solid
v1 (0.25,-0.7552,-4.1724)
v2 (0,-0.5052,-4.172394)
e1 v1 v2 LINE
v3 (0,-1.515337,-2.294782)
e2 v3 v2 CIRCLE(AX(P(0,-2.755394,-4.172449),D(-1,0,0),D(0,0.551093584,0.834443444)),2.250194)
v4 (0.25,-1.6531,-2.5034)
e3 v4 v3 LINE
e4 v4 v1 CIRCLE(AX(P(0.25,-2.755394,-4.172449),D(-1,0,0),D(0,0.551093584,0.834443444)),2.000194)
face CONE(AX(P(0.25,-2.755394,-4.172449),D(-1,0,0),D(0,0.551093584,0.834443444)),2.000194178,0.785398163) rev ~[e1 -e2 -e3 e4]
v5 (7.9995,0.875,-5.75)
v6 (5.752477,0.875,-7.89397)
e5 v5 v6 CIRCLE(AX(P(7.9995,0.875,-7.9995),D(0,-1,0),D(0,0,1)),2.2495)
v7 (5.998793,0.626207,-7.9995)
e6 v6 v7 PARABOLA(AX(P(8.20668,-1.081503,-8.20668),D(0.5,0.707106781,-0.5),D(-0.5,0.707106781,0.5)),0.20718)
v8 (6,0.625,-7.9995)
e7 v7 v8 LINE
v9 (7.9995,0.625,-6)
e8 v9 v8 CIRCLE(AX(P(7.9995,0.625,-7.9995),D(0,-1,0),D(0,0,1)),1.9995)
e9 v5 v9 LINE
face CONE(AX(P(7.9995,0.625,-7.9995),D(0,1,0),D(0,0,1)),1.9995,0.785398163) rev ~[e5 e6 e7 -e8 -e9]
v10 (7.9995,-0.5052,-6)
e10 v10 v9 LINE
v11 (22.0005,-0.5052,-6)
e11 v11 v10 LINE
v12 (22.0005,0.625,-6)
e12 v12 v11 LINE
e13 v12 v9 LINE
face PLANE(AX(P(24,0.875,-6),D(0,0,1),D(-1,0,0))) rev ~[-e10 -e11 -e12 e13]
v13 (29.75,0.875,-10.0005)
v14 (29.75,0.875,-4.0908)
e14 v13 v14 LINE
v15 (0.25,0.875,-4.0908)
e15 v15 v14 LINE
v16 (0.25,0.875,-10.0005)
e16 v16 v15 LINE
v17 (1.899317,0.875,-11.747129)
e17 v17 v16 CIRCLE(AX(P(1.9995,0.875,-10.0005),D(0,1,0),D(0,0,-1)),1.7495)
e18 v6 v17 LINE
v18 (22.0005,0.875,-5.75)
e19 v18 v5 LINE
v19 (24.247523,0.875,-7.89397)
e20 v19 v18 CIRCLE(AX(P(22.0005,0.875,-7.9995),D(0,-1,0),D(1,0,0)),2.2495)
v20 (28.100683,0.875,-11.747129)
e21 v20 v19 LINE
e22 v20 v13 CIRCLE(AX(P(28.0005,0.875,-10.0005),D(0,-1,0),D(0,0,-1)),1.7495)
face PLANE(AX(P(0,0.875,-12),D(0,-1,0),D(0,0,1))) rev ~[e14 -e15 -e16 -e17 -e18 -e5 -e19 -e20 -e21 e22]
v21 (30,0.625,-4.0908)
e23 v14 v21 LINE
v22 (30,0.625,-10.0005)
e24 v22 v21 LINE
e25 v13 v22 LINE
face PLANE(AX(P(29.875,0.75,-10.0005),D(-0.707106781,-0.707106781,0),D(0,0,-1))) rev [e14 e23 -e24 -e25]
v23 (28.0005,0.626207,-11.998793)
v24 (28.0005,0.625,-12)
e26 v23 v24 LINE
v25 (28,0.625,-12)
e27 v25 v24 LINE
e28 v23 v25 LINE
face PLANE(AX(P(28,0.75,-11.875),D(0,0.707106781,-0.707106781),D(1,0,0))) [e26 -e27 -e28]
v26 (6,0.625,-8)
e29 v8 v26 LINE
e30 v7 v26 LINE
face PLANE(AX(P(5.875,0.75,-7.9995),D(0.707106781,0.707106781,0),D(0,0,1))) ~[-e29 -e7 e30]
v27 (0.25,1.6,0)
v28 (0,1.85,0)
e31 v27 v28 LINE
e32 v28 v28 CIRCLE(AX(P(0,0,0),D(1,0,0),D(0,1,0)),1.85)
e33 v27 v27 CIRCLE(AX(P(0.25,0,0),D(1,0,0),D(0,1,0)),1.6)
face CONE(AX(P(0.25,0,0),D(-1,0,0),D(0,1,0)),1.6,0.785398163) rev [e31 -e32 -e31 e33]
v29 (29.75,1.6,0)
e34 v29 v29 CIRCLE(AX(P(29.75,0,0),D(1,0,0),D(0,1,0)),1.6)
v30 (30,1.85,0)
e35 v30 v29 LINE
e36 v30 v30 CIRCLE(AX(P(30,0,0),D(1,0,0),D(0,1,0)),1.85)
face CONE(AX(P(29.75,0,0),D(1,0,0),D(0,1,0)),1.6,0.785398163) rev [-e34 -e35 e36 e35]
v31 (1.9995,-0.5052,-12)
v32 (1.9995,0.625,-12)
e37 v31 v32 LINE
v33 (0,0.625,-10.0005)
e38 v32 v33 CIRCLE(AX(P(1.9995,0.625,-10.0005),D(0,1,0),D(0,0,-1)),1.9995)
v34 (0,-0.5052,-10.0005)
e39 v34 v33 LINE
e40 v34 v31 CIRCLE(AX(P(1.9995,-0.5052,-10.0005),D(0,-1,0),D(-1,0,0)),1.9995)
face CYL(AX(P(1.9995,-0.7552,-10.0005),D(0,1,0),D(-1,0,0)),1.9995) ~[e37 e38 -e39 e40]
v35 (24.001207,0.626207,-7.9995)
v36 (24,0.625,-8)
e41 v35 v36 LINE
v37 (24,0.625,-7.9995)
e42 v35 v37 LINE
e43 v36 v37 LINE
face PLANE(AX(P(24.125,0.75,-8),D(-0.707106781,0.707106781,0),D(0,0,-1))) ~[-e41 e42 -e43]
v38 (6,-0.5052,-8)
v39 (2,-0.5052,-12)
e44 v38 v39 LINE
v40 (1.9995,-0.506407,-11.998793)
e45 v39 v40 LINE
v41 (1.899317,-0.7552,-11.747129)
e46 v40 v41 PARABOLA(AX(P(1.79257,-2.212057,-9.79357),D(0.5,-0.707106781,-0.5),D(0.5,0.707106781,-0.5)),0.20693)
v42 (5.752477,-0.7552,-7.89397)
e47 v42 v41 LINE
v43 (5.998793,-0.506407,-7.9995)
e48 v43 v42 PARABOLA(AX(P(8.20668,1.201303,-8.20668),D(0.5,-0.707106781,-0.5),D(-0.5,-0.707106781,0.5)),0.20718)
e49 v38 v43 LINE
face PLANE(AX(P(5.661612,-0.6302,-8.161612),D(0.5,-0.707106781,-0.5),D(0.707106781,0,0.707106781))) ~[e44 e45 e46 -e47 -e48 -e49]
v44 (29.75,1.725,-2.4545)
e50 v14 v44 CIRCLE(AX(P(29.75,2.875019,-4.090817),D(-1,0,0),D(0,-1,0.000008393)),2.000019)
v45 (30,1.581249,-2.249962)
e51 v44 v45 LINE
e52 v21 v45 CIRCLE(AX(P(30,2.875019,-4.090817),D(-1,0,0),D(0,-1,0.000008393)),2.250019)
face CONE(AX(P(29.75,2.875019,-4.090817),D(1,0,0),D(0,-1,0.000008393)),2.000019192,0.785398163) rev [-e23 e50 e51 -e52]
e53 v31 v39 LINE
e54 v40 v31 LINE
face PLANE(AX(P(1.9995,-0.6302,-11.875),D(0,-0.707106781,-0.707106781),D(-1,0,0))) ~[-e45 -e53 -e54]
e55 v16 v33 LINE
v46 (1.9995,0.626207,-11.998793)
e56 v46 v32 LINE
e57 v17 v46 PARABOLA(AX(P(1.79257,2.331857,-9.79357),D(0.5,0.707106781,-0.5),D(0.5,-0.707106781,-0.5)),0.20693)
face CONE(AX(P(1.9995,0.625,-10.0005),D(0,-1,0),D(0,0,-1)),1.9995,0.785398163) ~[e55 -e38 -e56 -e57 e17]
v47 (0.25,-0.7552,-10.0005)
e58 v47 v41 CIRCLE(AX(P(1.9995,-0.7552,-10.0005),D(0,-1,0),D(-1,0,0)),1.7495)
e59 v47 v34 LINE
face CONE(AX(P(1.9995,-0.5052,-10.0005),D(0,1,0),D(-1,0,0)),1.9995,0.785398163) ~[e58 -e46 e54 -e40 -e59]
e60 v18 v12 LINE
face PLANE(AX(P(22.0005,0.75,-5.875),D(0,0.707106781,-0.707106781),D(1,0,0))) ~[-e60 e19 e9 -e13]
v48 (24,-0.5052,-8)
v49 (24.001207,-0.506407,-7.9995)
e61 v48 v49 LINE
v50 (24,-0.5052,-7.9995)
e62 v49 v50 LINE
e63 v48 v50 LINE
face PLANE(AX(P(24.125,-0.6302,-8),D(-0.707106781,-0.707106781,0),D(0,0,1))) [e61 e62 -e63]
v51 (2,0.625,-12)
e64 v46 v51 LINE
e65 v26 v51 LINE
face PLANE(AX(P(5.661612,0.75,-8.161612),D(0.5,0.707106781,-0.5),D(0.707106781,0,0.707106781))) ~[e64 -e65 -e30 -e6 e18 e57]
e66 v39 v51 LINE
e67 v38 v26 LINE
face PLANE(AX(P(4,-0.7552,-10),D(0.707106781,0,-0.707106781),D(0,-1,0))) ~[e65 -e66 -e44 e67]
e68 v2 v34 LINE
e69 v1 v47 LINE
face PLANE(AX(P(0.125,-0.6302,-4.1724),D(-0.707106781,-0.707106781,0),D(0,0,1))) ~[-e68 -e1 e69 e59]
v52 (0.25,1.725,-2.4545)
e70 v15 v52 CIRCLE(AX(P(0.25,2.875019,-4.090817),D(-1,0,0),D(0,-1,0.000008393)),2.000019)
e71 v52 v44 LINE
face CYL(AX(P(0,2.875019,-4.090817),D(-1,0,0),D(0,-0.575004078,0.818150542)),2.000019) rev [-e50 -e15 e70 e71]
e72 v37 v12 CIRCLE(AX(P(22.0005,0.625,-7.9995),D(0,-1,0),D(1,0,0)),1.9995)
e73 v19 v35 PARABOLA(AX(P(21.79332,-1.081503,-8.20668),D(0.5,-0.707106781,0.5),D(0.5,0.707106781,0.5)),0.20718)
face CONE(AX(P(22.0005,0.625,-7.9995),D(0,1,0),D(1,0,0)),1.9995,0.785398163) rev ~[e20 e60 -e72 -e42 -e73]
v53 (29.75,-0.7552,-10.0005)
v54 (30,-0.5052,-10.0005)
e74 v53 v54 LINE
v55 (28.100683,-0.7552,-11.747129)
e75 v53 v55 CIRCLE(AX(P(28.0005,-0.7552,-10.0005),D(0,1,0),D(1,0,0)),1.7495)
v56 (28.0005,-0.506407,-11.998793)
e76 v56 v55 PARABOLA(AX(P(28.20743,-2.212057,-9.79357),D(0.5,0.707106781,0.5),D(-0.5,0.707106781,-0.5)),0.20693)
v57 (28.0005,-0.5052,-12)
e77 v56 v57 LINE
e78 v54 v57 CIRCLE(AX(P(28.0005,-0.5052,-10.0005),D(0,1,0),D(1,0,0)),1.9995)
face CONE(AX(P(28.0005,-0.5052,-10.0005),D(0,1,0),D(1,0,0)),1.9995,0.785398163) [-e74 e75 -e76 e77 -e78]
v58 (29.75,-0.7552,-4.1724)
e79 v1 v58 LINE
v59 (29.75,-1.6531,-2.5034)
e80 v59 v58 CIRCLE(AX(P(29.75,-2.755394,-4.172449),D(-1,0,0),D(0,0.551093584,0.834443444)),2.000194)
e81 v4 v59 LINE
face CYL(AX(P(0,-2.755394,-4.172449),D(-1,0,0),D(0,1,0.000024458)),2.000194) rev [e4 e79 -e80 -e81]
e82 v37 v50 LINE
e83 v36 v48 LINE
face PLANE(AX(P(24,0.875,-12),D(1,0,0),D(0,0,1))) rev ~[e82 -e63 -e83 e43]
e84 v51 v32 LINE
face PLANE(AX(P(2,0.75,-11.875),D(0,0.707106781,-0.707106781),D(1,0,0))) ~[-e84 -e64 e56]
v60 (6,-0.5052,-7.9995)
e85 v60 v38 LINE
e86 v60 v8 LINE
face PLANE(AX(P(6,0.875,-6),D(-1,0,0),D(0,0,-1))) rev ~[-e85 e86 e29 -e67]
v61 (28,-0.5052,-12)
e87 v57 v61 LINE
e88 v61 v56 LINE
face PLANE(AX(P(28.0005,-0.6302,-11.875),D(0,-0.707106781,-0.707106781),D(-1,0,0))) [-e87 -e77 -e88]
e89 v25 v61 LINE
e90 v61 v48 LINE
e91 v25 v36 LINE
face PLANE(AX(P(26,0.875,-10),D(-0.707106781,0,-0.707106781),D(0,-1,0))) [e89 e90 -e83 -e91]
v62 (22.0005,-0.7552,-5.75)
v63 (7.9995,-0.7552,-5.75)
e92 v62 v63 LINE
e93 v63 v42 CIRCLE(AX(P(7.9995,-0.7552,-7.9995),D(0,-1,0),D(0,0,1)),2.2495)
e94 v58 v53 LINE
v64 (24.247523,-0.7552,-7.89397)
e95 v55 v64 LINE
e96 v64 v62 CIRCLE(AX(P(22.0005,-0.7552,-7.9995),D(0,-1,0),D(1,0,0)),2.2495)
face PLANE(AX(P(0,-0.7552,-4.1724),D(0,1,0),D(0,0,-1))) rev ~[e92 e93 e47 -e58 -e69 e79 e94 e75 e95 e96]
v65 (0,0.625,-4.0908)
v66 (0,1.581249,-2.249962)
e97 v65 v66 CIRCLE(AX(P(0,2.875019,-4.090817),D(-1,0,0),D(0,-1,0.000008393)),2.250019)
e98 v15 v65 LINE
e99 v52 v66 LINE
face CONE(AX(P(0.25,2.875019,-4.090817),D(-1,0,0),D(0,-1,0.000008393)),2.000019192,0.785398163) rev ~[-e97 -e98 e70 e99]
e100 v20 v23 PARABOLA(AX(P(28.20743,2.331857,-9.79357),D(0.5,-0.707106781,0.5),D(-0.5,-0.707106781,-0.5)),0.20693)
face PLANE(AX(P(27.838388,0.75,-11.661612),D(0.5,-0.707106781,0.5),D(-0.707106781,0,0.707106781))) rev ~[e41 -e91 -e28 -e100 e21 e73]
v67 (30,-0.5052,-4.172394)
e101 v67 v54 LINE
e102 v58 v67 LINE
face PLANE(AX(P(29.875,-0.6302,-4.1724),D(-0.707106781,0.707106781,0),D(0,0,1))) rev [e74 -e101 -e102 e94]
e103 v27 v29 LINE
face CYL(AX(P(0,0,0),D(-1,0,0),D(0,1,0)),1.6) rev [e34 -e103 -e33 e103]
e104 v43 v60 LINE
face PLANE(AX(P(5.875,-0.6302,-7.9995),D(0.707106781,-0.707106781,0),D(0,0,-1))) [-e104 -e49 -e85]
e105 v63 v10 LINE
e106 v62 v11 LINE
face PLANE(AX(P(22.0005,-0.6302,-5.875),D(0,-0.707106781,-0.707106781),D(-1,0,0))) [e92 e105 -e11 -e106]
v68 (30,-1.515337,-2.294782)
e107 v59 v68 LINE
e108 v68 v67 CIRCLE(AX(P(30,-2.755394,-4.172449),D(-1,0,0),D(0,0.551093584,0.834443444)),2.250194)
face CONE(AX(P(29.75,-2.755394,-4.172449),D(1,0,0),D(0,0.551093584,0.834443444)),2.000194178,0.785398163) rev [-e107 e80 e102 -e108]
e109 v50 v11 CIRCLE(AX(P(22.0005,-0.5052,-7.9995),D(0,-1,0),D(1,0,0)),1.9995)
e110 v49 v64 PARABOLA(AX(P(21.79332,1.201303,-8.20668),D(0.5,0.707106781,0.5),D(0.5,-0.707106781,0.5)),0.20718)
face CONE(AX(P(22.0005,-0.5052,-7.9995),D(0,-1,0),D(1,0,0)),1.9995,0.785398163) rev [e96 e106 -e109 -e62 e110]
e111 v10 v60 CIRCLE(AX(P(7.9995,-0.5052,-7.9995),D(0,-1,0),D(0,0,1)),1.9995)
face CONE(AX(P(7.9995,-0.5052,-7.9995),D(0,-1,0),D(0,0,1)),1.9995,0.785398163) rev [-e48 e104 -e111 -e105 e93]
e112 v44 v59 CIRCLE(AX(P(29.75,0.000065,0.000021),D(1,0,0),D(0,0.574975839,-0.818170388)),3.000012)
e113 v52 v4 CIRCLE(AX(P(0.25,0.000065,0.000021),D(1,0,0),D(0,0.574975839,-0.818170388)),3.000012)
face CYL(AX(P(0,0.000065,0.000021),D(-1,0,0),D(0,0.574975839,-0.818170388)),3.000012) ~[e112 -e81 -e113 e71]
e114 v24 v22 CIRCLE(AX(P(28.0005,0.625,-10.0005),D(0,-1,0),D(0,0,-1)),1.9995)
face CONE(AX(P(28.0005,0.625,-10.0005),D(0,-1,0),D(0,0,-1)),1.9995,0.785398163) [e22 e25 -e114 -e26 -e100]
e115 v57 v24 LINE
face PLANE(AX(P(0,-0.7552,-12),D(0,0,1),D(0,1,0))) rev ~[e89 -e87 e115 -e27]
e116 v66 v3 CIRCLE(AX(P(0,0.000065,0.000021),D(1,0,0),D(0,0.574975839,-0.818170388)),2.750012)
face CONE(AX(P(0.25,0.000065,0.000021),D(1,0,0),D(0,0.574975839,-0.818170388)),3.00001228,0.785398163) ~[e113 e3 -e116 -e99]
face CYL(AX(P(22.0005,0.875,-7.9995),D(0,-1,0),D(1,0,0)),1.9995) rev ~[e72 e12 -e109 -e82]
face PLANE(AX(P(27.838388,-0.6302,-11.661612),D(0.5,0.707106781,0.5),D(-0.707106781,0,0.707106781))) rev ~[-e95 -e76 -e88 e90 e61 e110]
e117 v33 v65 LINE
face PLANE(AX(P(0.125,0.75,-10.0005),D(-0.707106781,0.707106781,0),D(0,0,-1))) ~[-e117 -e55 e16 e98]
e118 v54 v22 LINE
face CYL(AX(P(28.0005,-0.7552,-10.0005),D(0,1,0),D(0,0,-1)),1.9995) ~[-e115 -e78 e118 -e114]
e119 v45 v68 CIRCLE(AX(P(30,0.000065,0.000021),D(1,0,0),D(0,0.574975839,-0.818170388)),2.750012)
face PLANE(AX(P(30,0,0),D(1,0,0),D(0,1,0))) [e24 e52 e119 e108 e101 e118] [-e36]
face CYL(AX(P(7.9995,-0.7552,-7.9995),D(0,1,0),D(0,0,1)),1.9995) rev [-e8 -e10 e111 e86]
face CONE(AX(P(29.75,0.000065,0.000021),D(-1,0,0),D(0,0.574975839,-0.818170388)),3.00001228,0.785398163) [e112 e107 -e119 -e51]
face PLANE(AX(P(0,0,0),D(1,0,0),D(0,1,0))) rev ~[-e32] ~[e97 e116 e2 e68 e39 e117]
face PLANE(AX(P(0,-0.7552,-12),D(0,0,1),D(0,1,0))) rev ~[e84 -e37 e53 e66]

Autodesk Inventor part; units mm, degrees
ref_plane "YZ Plane" through (0, 0, 0) normal (1, 0, 0) x (0, 1, 0)
ref_plane "XZ Plane" through (0, 0, 0) normal (0, 1, 0) x (-1, 0, 0)
ref_plane "XY Plane" through (0, 0, 0) normal (0, 0, 1) x (1, 0, 0)
sketch "Sketch3" plane through (0, 0, 0) normal (1, 0, 0) x (0, 1, 0)
  circle A0 centre (0, 0) radius 1.6
  arc A1 (1.725, -2.4545) -> (-1.6531, -2.5034) centre (0, 0) ccw
  line L0 (-0.7552, -4.1724) -> (-0.7552, -12)
  line L1 (-0.7552, -12) -> (0.875, -12)
  line L2 (0.875, -12) -> (0.875, -4.0908)
  arc A2 (1.725, -2.4545) -> (0.875, -4.0908) centre (2.875, -4.0908) ccw
  arc A3 (-0.7552, -4.1724) -> (-1.6531, -2.5034) centre (-2.7552, -4.1724) ccw
  dimension "d4" = 3.2
  dimension "d5" = 6
  dimension "d7" = 2
  dimension "d33" = 12
extrude "Extrusion2" add sketch "Sketch3" along normal blind 30
sketch "Sketch5" plane through (0, 0.875, -4.0908) normal (0, 1, 0) x (1, 0, 0)
  line L0 (0, 7.9092) -> (30, 7.9092) projected
  line L1 (6, 7.9092) -> (24, 7.9092)
  line L2 (24, 7.9092) -> (24, 1.9092)
  line L3 (24, 1.9092) -> (6, 1.9092)
  line L4 (6, 1.9092) -> (6, 7.9092)
  line L5 (0, 7.9092) -> (0, 0) projected
  point P0 (0, -4.0908)
  dimension "d18" = 6
  dimension "d19" = 30
  dimension "d20" = 6
  dimension "d21" = 18
extrude "Extrusion3" cut sketch "Sketch5" along normal blind 0.5 and the other way blind 2
chamfer "Chamfer3" distance 4 angle 45 2 edges at (6, 0.0599, -12) (24, 0.0599, -12)
fillet "Fillet1" radius 2 4 edges at (30, 0.0599, -12) (0, 0.0599, -12) (24, 0.0599, -6) (6, 0.0599, -6)
chamfer "Chamfer2" distance 0.25 angle 45 28 edges at (6, 0.875, -7.9998) (6.5856, 0.875, -6.5856) (23.4144, 0.875, -6.5856) (24, 0.875, -7.9998) (29.4144, 0.875, -11.4144) (30, 0.875, -7.0456) (30, 1.1002, -3.1688) (30, -0.0435, 2.9997) (30, -0.9939, -3.2248) (30, -0.7552, -7.0865) (29.4144, -0.7552, -11.4144) (23.4144, -0.7552, -6.5856) (24, -0.7552, -7.9997) (6, -0.7552, -7.9998) (6.5856, -0.7552, -6.5856) (0.5856, -0.7552, -11.4144) (0, -0.7552, -7.0865) (0, -0.9939, -3.2248) (0, -0.0435, 2.9997) (0, 1.1002, -3.1688) (0, 0.875, -7.0456) (0.5856, 0.875, -11.4144) (30, -1.6, 0) (0, -1.6, 0) (26, 0.875, -10) (26, -0.7552, -10) (4, 0.875, -10) (4, -0.7552, -10)
equation "\"d20\" = -0.5 * d21 + 0.5 * d19"
properties part number "CoinLockUpperRow2"
